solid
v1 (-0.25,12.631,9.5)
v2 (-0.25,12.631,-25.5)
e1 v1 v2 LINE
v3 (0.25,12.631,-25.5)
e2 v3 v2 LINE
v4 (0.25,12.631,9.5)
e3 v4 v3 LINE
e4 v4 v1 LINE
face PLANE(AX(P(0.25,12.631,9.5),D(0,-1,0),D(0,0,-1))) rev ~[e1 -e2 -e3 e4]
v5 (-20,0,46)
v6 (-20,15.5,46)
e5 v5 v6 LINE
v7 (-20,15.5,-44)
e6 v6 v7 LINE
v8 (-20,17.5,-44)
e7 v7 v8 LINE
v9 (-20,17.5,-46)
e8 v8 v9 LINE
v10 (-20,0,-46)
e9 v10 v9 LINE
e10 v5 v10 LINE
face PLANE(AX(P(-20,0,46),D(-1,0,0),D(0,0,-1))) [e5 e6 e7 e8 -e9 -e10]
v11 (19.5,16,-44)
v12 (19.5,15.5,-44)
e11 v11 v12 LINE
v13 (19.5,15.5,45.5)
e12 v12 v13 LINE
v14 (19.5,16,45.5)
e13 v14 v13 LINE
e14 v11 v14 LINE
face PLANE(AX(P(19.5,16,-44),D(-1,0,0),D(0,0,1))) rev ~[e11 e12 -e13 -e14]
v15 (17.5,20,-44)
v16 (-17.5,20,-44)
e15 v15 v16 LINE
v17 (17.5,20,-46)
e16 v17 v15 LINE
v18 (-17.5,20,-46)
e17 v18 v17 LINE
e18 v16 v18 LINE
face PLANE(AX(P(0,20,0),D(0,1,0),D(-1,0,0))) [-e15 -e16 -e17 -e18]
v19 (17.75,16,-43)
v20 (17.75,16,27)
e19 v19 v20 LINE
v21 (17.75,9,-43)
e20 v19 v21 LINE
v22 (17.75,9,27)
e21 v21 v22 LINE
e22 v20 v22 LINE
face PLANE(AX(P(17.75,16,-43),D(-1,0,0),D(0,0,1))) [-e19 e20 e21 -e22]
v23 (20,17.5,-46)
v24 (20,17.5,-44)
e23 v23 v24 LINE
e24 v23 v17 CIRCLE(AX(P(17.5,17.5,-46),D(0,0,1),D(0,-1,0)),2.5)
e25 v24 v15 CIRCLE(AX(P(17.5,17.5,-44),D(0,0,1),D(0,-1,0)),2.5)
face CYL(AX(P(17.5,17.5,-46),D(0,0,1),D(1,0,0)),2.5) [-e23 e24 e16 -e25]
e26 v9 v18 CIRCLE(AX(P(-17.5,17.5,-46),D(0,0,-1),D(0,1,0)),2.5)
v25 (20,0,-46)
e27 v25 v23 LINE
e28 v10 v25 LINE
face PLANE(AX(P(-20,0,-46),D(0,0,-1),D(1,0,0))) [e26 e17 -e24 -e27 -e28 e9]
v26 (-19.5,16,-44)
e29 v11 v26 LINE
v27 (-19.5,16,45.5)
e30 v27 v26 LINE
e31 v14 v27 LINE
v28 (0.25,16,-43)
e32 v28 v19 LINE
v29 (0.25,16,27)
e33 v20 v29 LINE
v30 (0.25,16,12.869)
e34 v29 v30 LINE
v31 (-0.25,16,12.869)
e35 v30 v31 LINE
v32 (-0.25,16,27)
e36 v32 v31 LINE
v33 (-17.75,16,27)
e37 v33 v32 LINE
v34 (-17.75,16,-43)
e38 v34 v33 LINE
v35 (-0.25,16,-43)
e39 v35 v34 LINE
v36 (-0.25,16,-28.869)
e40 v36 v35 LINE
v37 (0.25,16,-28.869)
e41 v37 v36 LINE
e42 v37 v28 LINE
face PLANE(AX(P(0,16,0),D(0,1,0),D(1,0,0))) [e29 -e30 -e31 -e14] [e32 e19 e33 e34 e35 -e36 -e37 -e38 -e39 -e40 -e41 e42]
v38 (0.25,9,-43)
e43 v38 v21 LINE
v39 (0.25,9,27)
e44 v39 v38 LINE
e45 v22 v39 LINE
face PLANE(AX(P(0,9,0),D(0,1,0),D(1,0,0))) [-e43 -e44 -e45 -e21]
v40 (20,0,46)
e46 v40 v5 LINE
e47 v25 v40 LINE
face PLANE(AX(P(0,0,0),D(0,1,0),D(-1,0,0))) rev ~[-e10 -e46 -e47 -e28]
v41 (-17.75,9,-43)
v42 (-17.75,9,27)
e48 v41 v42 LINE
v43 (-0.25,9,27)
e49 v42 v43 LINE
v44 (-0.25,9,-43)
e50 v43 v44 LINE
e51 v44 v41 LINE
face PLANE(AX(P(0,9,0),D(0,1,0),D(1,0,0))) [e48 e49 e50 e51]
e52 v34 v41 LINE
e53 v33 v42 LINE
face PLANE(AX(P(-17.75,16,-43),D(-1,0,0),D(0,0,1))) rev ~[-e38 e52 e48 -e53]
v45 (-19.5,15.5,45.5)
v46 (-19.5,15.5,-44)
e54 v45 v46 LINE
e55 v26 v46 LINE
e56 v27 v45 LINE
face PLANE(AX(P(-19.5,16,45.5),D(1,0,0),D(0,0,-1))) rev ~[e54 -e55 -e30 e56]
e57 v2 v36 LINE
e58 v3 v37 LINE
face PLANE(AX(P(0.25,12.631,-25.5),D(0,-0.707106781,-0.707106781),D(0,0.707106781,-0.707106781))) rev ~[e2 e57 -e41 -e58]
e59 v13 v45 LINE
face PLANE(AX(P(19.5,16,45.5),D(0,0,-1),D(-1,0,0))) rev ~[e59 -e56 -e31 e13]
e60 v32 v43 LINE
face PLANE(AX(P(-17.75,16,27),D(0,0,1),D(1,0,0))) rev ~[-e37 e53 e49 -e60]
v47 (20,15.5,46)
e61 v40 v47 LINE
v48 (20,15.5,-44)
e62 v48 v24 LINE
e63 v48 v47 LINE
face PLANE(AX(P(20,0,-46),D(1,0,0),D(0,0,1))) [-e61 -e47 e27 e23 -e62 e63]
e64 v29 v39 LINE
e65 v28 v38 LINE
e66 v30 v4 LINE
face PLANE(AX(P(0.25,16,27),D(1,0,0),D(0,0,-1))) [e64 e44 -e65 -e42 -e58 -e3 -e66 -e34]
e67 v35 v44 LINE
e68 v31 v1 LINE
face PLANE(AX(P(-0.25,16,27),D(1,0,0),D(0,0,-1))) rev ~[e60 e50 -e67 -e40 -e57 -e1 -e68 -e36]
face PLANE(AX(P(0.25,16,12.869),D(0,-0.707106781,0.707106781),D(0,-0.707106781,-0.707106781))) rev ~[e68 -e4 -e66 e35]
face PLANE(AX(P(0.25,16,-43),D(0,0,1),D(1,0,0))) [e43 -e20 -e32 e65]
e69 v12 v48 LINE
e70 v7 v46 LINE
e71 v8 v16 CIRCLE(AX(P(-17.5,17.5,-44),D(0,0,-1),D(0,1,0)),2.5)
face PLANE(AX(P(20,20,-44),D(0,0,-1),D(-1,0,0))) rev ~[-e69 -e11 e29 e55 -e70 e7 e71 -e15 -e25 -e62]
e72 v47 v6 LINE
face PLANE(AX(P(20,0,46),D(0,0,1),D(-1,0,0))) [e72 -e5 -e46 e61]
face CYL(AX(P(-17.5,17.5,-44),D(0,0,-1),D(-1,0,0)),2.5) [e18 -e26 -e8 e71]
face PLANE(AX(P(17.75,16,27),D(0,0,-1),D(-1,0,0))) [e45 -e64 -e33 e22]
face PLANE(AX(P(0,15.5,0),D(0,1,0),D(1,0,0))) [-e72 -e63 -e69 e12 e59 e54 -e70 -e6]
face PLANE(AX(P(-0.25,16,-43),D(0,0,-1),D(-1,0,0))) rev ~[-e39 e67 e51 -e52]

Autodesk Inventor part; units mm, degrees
ref_plane "YZ Plane" through (0, 0, 0) normal (1, 0, 0) x (0, 1, 0)
ref_plane "XZ Plane" through (0, 0, 0) normal (0, 1, 0) x (-1, 0, 0)
ref_plane "XY Plane" through (0, 0, 0) normal (0, 0, 1) x (1, 0, 0)
sketch "Sketch1" plane through (0, 0, 0) normal (0, 1, 0) x (-1, 0, 0)
  line L0 (-20, 46) -> (20, 46)
  line L1 (20, 46) -> (20, -46)
  line L2 (20, -46) -> (-20, -46)
  line L3 (-20, -46) -> (-20, 46)
  line L4 (-20, 46) -> (20, -46) construction
  line L5 (20, 46) -> (-20, -46) construction
  point P0 (0, 0)
  dimension "d0" = 40
  dimension "d1" = 92
extrude "Extrusion1" add sketch "Sketch1" along normal blind 20
sketch "Sketch2" plane through (0, 20, 0) normal (0, 1, 0) x (1, 0, 0)
  line L0 (-20, 46) -> (-20, -46) projected
  line L1 (20, -46) -> (20, 46) projected
  line L2 (-20, -46) -> (20, -46)
  line L3 (20, -46) -> (20, 44)
  line L4 (20, 44) -> (-20, 44)
  line L5 (-20, 44) -> (-20, -46)
  point P0 (0, 0)
  point P1 (-20, 44)
  dimension "d4" = 90
extrude "Extrusion2" cut sketch "Sketch2" against normal blind 4
sketch "Sketch3" plane through (0, 16, 0) normal (0, 1, 0) x (1, 0, 0)
  line L0 (0.25, 43) -> (17.75, 43)
  line L1 (17.75, 43) -> (17.75, -27)
  line L2 (17.75, -27) -> (0.25, -27)
  line L3 (0.25, -27) -> (0.25, 43)
  line L4 (20, 44) -> (20, -46) projected
  line L5 (-20, 44) -> (20, 44) projected
  line L6 (-17.75, -27) -> (-0.25, -27)
  line L7 (-0.25, -27) -> (-0.25, 43)
  line L8 (-0.25, 43) -> (-17.75, 43)
  line L9 (-17.75, 43) -> (-17.75, -27)
  line L10 (-20, -46) -> (-20, 44) projected
  point P0 (0, 0)
  dimension "d7" = 17.5
  dimension "d8" = 70
  dimension "d9" = 2.25
  dimension "d10" = 1
  dimension "d11" = 17.5
  dimension "d12" = 2.25
  dimension "d13" = 1
extrude "Extrusion3" cut sketch "Sketch3" against normal blind 7
sketch "Sketch4" plane through (0.25, 16, 27) normal (1, 0, 0) x (0, 0, -1)
  line L0 (0, 0) -> (70, 0) projected
  line L1 (14.131, 0) -> (17.5, -3.369)
  line L2 (17.5, -3.369) -> (52.5, -3.369)
  line L3 (70, 0) -> (0, 0) projected
  line L4 (52.5, -3.369) -> (55.869, 0)
  line L5 (0, 0) -> (0, -7) projected
  line L6 (70, 0) -> (70, -7) projected
  point P0 (27, -16)
  point P1 (0, -3.5)
  point P2 (70, -3.5)
  dimension "d16" = 45
  dimension "d17" = 45
  dimension "d18" = 17.5
  dimension "d19" = 17.5
extrude "Extrusion4" cut sketch "Sketch4" against normal up to surface (0.5 mm away)
fillet "Fillet1" radius 2.5 2 edges at (20, 20, -45) (-20, 20, -45)
sketch "Sketch5" plane through (0, 16, 0) normal (0, 1, 0) x (1, 0, 0)
  line L0 (20, 44) -> (20, -46) projected
  line L1 (-20, 44) -> (20, 44)
  line L2 (20, 44) -> (20, -46)
  line L3 (20, -46) -> (-20, -46)
  line L4 (-20, -46) -> (-20, 44)
  line L5 (-19.5, 44.1346) -> (19.5, 44.1346)
  line L6 (19.5, 44.1346) -> (19.5, -45.5)
  line L7 (19.5, -45.5) -> (-19.5, -45.5)
  line L8 (-19.5, -45.5) -> (-19.5, 44.1346)
  line L9 (-17.75, 43) -> (-0.25, 43) projected
  point P0 (0, 0)
  point P1 (19.5, 44)
  point P2 (-19.5, 44)
  dimension "d23" = 0.5
  dimension "d24" = 0.5
  dimension "d25" = 0.5
extrude "Extrusion5" cut sketch "Sketch5" against normal blind 0.5 contours L0 L3 L4 L1 L8 L7 L6
properties part number "Battery Pack 9.2x4" material "PC/ABS Plastic"
